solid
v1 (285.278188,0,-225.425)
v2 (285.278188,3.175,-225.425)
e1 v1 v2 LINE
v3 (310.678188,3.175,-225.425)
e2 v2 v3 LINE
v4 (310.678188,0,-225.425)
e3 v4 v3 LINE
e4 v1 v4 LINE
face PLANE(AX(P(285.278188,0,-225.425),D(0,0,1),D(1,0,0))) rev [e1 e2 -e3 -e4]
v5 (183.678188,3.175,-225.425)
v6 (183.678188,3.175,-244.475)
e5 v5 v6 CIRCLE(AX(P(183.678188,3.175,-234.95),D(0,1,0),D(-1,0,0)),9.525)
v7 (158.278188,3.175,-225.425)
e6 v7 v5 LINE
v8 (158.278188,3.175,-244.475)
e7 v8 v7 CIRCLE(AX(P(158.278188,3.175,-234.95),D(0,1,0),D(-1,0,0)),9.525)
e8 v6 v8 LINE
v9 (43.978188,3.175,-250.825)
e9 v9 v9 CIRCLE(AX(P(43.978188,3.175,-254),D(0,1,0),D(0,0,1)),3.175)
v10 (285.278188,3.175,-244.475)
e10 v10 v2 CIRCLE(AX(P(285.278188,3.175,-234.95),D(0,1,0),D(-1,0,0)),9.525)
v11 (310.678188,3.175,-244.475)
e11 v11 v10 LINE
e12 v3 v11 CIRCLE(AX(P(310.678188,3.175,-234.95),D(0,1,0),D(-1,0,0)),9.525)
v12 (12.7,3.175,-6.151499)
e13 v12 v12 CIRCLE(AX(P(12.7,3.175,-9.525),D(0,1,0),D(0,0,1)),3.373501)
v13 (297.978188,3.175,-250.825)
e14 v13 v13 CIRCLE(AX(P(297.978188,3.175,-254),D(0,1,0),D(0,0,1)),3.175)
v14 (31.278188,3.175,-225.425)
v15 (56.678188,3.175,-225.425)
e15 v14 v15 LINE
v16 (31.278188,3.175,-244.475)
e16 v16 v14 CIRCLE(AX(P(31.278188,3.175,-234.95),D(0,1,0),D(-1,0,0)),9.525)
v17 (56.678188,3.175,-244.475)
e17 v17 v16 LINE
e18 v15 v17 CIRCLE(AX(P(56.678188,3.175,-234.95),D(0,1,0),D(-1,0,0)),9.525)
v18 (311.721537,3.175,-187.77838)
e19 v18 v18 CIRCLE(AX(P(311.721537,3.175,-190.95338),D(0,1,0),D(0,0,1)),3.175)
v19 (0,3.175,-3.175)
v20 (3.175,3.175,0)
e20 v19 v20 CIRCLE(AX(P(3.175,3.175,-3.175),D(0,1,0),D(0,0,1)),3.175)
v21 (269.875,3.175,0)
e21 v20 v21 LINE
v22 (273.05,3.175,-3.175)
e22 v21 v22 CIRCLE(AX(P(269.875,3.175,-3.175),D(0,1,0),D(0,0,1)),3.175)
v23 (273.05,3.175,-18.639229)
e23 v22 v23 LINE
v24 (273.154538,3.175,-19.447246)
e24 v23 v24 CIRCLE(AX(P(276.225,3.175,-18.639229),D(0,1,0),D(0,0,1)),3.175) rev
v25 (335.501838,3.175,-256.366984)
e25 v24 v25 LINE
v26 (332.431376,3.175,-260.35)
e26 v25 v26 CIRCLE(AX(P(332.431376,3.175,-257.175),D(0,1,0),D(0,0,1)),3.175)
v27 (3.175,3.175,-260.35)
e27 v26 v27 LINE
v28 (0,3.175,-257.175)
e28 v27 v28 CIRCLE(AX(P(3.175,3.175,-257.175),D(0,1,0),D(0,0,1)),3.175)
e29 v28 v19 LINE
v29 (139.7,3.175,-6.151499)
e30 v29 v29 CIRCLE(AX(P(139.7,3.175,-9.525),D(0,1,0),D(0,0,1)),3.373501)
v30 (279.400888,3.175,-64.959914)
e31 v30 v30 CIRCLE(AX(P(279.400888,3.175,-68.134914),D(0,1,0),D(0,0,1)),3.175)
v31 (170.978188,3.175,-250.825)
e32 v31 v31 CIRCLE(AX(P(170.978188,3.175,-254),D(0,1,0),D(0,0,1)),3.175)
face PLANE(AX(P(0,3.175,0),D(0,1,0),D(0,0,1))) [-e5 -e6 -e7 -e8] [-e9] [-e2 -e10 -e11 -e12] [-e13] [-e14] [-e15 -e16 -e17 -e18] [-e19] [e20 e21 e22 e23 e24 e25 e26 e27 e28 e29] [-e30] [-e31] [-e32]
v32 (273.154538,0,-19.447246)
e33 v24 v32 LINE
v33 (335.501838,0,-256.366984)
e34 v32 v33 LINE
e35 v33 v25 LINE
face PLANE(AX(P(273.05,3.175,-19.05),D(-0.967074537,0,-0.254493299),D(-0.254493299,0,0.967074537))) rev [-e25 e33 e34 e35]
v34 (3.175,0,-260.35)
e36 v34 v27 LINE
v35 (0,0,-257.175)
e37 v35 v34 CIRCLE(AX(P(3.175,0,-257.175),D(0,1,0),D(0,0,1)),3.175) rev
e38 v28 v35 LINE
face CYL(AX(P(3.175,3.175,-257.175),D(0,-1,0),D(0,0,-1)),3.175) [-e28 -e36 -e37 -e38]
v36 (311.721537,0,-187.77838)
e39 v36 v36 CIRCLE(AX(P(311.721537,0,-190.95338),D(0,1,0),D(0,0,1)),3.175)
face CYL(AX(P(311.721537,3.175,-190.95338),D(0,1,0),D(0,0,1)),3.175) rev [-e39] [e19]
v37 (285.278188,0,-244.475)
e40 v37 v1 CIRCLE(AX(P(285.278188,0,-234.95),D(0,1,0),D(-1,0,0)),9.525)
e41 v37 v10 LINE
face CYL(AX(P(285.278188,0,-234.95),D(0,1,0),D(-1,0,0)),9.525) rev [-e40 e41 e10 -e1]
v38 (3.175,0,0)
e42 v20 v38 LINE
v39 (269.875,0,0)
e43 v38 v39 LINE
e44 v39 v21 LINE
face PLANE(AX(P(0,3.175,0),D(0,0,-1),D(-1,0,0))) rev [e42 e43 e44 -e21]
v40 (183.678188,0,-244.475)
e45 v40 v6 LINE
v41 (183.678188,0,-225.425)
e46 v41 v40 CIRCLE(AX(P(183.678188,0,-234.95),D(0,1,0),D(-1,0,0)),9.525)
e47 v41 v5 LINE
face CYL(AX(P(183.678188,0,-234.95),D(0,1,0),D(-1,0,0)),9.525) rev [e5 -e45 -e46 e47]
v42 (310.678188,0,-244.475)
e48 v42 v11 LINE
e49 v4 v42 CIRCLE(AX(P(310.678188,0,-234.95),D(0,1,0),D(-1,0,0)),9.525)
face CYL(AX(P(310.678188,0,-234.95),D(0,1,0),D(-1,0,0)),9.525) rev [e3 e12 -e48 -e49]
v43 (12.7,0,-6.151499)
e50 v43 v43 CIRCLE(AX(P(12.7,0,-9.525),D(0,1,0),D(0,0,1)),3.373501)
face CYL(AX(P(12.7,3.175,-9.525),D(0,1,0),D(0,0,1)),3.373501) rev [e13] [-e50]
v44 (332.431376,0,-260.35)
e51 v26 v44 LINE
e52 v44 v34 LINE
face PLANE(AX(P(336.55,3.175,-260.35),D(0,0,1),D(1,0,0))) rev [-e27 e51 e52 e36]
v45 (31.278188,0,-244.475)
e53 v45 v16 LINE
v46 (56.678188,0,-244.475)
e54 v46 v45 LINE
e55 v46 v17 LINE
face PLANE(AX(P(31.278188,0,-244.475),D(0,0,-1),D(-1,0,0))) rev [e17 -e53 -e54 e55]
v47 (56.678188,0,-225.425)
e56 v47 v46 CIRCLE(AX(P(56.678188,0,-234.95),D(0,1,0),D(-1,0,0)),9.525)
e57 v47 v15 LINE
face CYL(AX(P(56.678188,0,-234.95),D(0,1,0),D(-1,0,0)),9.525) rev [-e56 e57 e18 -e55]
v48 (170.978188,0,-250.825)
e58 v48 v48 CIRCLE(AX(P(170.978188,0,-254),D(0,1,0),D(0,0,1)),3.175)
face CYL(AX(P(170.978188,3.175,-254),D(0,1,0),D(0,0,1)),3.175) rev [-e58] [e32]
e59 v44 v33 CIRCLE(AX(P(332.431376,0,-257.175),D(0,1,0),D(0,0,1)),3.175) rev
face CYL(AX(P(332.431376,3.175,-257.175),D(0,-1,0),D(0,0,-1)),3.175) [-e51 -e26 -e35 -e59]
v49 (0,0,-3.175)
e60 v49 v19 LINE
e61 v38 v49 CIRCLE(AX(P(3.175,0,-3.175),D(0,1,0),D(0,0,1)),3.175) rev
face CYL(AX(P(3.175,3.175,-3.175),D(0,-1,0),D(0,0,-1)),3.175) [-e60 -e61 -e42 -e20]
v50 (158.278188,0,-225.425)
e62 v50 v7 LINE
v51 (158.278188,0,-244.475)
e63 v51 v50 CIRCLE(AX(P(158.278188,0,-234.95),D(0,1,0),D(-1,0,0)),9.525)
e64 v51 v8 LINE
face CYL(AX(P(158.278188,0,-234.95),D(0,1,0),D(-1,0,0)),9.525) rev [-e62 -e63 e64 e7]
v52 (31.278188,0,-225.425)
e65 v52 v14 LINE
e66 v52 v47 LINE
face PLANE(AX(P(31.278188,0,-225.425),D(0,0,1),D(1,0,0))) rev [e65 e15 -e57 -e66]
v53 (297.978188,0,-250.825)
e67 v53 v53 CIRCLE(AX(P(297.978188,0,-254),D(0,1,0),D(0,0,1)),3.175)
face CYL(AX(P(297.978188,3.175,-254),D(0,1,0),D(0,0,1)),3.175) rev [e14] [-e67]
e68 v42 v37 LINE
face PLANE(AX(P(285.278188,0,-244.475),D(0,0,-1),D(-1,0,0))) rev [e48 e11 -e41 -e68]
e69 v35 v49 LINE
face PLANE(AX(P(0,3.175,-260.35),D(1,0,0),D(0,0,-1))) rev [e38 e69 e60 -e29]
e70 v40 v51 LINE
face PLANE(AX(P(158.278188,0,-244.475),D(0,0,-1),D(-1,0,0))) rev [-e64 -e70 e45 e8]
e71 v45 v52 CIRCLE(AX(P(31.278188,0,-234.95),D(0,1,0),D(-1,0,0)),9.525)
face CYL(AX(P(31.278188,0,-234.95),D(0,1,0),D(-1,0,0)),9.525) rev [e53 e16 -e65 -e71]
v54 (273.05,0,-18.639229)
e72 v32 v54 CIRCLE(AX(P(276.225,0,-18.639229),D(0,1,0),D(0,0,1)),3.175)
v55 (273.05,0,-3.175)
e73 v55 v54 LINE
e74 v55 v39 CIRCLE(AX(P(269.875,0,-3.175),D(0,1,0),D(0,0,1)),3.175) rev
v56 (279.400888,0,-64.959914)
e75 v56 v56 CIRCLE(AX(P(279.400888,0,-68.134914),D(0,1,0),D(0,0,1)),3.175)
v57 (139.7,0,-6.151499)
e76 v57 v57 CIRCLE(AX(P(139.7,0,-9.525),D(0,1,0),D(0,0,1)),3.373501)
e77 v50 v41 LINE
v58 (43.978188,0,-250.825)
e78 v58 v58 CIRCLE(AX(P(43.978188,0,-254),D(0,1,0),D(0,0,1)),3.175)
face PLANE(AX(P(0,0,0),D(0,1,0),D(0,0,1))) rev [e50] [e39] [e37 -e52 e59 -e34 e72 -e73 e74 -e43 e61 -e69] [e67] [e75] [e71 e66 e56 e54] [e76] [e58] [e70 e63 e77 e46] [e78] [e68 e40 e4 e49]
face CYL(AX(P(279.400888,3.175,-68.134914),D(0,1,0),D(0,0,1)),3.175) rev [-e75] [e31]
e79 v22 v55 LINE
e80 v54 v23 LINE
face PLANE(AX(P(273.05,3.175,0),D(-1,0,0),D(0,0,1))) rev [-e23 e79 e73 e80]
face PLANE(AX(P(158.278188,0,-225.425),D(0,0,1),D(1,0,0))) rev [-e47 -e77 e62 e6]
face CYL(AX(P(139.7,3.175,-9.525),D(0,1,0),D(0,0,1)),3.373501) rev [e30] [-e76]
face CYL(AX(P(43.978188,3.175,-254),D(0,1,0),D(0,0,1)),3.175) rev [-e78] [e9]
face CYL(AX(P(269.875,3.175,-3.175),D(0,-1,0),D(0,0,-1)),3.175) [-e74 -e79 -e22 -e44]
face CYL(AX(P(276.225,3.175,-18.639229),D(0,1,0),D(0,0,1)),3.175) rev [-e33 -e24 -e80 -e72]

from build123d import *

# Parameters (mm, degrees)
BOSS_EXTRUDE1_DEPTH              = 3.175
FILLET1_R                        = 3.175
F_1_4_0_25_DIAMETER_HOLE1_D      = 6.35
F_17_64_0_26563_DIAMETER_HOLE1_D = 6.747002
SKETCH9_R                        = 3.175
CUT_EXTRUDE1_DEPTH               = 425.763278612


with BuildPart() as part:
    # Sketch1 → Boss-Extrude1 (new body)
    with BuildSketch(Plane(origin=(0, 0, 0), x_dir=(1, 0, 0), z_dir=(0, 1, 0))):
        Polygon((0, 0), (273.05, 0), (273.05, 19.05), (336.55, 260.35), (0, 260.35), align=None)
    extrude(amount=BOSS_EXTRUDE1_DEPTH)

    # Fillet1
    fillet1_edges = [part.edges().sort_by_distance(p)[0] for p in [
        (0, 1.5875, -260.35),
        (336.55, 1.5875, -260.35),
        (273.05, 1.5875, -19.05),
        (273.05, 1.5875, 0),
        (0, 1.5875, 0),
    ]]
    fillet(fillet1_edges, radius=FILLET1_R)

    # 1/4 (0.25) Diameter Hole1 (through all)
    with Locations(Plane(origin=(0, 3.175, 0), x_dir=(1, 0, 0), z_dir=(0, 1, 0))):
        with Locations((43.97818809, 254), (170.97818809, 254), (297.97818809, 254), (311.721536551, 190.953379927), (279.400887542, 68.134913694)):
            Hole(F_1_4_0_25_DIAMETER_HOLE1_D / 2)

    # 17/64 (0.26563) Diameter Hole1 (through all)
    with Locations(Plane(origin=(0, 3.175, 0), x_dir=(1, 0, 0), z_dir=(0, 1, 0))):
        with Locations((12.7, 9.525), (139.7, 9.525)):
            Hole(F_17_64_0_26563_DIAMETER_HOLE1_D / 2)

    # Sketch9 → Cut-Extrude1 (cut, through all)
    with BuildSketch(Plane(origin=(0, 3.175, 0), x_dir=(1, 0, 0), z_dir=(0, 1, 0))):
        with Locations(Location((297.97818809, 254, 0), (0, 0, 270))):
            Circle(SKETCH9_R)
        with Locations(Location((170.97818809, 254, 0), (0, 0, 270))):
            Circle(SKETCH9_R)
        with Locations(Location((43.97818809, 254, 0), (0, 0, 270))):
            Circle(SKETCH9_R)
        with BuildLine():
            Line((31.27818809, 244.475), (56.67818809, 244.475))
            ThreePointArc((56.67818809, 244.475), (66.20318809, 234.95), (56.67818809, 225.425))
            Line((56.67818809, 225.425), (31.27818809, 225.425))
            ThreePointArc((31.27818809, 225.425), (21.75318809, 234.95), (31.27818809, 244.475))
        make_face()
        with BuildLine():
            Line((158.27818809, 244.475), (183.67818809, 244.475))
            ThreePointArc((183.67818809, 244.475), (193.20318809, 234.95), (183.67818809, 225.425))
            Line((183.67818809, 225.425), (158.27818809, 225.425))
            ThreePointArc((158.27818809, 225.425), (148.75318809, 234.95), (158.27818809, 244.475))
        make_face()
        with BuildLine():
            Line((285.27818809, 244.475), (310.67818809, 244.475))
            ThreePointArc((310.67818809, 244.475), (320.20318809, 234.95), (310.67818809, 225.425))
            Line((310.67818809, 225.425), (285.27818809, 225.425))
            ThreePointArc((285.27818809, 225.425), (275.75318809, 234.95), (285.27818809, 244.475))
        make_face()
    extrude(amount=-CUT_EXTRUDE1_DEPTH, mode=Mode.SUBTRACT)


solid = part.part
